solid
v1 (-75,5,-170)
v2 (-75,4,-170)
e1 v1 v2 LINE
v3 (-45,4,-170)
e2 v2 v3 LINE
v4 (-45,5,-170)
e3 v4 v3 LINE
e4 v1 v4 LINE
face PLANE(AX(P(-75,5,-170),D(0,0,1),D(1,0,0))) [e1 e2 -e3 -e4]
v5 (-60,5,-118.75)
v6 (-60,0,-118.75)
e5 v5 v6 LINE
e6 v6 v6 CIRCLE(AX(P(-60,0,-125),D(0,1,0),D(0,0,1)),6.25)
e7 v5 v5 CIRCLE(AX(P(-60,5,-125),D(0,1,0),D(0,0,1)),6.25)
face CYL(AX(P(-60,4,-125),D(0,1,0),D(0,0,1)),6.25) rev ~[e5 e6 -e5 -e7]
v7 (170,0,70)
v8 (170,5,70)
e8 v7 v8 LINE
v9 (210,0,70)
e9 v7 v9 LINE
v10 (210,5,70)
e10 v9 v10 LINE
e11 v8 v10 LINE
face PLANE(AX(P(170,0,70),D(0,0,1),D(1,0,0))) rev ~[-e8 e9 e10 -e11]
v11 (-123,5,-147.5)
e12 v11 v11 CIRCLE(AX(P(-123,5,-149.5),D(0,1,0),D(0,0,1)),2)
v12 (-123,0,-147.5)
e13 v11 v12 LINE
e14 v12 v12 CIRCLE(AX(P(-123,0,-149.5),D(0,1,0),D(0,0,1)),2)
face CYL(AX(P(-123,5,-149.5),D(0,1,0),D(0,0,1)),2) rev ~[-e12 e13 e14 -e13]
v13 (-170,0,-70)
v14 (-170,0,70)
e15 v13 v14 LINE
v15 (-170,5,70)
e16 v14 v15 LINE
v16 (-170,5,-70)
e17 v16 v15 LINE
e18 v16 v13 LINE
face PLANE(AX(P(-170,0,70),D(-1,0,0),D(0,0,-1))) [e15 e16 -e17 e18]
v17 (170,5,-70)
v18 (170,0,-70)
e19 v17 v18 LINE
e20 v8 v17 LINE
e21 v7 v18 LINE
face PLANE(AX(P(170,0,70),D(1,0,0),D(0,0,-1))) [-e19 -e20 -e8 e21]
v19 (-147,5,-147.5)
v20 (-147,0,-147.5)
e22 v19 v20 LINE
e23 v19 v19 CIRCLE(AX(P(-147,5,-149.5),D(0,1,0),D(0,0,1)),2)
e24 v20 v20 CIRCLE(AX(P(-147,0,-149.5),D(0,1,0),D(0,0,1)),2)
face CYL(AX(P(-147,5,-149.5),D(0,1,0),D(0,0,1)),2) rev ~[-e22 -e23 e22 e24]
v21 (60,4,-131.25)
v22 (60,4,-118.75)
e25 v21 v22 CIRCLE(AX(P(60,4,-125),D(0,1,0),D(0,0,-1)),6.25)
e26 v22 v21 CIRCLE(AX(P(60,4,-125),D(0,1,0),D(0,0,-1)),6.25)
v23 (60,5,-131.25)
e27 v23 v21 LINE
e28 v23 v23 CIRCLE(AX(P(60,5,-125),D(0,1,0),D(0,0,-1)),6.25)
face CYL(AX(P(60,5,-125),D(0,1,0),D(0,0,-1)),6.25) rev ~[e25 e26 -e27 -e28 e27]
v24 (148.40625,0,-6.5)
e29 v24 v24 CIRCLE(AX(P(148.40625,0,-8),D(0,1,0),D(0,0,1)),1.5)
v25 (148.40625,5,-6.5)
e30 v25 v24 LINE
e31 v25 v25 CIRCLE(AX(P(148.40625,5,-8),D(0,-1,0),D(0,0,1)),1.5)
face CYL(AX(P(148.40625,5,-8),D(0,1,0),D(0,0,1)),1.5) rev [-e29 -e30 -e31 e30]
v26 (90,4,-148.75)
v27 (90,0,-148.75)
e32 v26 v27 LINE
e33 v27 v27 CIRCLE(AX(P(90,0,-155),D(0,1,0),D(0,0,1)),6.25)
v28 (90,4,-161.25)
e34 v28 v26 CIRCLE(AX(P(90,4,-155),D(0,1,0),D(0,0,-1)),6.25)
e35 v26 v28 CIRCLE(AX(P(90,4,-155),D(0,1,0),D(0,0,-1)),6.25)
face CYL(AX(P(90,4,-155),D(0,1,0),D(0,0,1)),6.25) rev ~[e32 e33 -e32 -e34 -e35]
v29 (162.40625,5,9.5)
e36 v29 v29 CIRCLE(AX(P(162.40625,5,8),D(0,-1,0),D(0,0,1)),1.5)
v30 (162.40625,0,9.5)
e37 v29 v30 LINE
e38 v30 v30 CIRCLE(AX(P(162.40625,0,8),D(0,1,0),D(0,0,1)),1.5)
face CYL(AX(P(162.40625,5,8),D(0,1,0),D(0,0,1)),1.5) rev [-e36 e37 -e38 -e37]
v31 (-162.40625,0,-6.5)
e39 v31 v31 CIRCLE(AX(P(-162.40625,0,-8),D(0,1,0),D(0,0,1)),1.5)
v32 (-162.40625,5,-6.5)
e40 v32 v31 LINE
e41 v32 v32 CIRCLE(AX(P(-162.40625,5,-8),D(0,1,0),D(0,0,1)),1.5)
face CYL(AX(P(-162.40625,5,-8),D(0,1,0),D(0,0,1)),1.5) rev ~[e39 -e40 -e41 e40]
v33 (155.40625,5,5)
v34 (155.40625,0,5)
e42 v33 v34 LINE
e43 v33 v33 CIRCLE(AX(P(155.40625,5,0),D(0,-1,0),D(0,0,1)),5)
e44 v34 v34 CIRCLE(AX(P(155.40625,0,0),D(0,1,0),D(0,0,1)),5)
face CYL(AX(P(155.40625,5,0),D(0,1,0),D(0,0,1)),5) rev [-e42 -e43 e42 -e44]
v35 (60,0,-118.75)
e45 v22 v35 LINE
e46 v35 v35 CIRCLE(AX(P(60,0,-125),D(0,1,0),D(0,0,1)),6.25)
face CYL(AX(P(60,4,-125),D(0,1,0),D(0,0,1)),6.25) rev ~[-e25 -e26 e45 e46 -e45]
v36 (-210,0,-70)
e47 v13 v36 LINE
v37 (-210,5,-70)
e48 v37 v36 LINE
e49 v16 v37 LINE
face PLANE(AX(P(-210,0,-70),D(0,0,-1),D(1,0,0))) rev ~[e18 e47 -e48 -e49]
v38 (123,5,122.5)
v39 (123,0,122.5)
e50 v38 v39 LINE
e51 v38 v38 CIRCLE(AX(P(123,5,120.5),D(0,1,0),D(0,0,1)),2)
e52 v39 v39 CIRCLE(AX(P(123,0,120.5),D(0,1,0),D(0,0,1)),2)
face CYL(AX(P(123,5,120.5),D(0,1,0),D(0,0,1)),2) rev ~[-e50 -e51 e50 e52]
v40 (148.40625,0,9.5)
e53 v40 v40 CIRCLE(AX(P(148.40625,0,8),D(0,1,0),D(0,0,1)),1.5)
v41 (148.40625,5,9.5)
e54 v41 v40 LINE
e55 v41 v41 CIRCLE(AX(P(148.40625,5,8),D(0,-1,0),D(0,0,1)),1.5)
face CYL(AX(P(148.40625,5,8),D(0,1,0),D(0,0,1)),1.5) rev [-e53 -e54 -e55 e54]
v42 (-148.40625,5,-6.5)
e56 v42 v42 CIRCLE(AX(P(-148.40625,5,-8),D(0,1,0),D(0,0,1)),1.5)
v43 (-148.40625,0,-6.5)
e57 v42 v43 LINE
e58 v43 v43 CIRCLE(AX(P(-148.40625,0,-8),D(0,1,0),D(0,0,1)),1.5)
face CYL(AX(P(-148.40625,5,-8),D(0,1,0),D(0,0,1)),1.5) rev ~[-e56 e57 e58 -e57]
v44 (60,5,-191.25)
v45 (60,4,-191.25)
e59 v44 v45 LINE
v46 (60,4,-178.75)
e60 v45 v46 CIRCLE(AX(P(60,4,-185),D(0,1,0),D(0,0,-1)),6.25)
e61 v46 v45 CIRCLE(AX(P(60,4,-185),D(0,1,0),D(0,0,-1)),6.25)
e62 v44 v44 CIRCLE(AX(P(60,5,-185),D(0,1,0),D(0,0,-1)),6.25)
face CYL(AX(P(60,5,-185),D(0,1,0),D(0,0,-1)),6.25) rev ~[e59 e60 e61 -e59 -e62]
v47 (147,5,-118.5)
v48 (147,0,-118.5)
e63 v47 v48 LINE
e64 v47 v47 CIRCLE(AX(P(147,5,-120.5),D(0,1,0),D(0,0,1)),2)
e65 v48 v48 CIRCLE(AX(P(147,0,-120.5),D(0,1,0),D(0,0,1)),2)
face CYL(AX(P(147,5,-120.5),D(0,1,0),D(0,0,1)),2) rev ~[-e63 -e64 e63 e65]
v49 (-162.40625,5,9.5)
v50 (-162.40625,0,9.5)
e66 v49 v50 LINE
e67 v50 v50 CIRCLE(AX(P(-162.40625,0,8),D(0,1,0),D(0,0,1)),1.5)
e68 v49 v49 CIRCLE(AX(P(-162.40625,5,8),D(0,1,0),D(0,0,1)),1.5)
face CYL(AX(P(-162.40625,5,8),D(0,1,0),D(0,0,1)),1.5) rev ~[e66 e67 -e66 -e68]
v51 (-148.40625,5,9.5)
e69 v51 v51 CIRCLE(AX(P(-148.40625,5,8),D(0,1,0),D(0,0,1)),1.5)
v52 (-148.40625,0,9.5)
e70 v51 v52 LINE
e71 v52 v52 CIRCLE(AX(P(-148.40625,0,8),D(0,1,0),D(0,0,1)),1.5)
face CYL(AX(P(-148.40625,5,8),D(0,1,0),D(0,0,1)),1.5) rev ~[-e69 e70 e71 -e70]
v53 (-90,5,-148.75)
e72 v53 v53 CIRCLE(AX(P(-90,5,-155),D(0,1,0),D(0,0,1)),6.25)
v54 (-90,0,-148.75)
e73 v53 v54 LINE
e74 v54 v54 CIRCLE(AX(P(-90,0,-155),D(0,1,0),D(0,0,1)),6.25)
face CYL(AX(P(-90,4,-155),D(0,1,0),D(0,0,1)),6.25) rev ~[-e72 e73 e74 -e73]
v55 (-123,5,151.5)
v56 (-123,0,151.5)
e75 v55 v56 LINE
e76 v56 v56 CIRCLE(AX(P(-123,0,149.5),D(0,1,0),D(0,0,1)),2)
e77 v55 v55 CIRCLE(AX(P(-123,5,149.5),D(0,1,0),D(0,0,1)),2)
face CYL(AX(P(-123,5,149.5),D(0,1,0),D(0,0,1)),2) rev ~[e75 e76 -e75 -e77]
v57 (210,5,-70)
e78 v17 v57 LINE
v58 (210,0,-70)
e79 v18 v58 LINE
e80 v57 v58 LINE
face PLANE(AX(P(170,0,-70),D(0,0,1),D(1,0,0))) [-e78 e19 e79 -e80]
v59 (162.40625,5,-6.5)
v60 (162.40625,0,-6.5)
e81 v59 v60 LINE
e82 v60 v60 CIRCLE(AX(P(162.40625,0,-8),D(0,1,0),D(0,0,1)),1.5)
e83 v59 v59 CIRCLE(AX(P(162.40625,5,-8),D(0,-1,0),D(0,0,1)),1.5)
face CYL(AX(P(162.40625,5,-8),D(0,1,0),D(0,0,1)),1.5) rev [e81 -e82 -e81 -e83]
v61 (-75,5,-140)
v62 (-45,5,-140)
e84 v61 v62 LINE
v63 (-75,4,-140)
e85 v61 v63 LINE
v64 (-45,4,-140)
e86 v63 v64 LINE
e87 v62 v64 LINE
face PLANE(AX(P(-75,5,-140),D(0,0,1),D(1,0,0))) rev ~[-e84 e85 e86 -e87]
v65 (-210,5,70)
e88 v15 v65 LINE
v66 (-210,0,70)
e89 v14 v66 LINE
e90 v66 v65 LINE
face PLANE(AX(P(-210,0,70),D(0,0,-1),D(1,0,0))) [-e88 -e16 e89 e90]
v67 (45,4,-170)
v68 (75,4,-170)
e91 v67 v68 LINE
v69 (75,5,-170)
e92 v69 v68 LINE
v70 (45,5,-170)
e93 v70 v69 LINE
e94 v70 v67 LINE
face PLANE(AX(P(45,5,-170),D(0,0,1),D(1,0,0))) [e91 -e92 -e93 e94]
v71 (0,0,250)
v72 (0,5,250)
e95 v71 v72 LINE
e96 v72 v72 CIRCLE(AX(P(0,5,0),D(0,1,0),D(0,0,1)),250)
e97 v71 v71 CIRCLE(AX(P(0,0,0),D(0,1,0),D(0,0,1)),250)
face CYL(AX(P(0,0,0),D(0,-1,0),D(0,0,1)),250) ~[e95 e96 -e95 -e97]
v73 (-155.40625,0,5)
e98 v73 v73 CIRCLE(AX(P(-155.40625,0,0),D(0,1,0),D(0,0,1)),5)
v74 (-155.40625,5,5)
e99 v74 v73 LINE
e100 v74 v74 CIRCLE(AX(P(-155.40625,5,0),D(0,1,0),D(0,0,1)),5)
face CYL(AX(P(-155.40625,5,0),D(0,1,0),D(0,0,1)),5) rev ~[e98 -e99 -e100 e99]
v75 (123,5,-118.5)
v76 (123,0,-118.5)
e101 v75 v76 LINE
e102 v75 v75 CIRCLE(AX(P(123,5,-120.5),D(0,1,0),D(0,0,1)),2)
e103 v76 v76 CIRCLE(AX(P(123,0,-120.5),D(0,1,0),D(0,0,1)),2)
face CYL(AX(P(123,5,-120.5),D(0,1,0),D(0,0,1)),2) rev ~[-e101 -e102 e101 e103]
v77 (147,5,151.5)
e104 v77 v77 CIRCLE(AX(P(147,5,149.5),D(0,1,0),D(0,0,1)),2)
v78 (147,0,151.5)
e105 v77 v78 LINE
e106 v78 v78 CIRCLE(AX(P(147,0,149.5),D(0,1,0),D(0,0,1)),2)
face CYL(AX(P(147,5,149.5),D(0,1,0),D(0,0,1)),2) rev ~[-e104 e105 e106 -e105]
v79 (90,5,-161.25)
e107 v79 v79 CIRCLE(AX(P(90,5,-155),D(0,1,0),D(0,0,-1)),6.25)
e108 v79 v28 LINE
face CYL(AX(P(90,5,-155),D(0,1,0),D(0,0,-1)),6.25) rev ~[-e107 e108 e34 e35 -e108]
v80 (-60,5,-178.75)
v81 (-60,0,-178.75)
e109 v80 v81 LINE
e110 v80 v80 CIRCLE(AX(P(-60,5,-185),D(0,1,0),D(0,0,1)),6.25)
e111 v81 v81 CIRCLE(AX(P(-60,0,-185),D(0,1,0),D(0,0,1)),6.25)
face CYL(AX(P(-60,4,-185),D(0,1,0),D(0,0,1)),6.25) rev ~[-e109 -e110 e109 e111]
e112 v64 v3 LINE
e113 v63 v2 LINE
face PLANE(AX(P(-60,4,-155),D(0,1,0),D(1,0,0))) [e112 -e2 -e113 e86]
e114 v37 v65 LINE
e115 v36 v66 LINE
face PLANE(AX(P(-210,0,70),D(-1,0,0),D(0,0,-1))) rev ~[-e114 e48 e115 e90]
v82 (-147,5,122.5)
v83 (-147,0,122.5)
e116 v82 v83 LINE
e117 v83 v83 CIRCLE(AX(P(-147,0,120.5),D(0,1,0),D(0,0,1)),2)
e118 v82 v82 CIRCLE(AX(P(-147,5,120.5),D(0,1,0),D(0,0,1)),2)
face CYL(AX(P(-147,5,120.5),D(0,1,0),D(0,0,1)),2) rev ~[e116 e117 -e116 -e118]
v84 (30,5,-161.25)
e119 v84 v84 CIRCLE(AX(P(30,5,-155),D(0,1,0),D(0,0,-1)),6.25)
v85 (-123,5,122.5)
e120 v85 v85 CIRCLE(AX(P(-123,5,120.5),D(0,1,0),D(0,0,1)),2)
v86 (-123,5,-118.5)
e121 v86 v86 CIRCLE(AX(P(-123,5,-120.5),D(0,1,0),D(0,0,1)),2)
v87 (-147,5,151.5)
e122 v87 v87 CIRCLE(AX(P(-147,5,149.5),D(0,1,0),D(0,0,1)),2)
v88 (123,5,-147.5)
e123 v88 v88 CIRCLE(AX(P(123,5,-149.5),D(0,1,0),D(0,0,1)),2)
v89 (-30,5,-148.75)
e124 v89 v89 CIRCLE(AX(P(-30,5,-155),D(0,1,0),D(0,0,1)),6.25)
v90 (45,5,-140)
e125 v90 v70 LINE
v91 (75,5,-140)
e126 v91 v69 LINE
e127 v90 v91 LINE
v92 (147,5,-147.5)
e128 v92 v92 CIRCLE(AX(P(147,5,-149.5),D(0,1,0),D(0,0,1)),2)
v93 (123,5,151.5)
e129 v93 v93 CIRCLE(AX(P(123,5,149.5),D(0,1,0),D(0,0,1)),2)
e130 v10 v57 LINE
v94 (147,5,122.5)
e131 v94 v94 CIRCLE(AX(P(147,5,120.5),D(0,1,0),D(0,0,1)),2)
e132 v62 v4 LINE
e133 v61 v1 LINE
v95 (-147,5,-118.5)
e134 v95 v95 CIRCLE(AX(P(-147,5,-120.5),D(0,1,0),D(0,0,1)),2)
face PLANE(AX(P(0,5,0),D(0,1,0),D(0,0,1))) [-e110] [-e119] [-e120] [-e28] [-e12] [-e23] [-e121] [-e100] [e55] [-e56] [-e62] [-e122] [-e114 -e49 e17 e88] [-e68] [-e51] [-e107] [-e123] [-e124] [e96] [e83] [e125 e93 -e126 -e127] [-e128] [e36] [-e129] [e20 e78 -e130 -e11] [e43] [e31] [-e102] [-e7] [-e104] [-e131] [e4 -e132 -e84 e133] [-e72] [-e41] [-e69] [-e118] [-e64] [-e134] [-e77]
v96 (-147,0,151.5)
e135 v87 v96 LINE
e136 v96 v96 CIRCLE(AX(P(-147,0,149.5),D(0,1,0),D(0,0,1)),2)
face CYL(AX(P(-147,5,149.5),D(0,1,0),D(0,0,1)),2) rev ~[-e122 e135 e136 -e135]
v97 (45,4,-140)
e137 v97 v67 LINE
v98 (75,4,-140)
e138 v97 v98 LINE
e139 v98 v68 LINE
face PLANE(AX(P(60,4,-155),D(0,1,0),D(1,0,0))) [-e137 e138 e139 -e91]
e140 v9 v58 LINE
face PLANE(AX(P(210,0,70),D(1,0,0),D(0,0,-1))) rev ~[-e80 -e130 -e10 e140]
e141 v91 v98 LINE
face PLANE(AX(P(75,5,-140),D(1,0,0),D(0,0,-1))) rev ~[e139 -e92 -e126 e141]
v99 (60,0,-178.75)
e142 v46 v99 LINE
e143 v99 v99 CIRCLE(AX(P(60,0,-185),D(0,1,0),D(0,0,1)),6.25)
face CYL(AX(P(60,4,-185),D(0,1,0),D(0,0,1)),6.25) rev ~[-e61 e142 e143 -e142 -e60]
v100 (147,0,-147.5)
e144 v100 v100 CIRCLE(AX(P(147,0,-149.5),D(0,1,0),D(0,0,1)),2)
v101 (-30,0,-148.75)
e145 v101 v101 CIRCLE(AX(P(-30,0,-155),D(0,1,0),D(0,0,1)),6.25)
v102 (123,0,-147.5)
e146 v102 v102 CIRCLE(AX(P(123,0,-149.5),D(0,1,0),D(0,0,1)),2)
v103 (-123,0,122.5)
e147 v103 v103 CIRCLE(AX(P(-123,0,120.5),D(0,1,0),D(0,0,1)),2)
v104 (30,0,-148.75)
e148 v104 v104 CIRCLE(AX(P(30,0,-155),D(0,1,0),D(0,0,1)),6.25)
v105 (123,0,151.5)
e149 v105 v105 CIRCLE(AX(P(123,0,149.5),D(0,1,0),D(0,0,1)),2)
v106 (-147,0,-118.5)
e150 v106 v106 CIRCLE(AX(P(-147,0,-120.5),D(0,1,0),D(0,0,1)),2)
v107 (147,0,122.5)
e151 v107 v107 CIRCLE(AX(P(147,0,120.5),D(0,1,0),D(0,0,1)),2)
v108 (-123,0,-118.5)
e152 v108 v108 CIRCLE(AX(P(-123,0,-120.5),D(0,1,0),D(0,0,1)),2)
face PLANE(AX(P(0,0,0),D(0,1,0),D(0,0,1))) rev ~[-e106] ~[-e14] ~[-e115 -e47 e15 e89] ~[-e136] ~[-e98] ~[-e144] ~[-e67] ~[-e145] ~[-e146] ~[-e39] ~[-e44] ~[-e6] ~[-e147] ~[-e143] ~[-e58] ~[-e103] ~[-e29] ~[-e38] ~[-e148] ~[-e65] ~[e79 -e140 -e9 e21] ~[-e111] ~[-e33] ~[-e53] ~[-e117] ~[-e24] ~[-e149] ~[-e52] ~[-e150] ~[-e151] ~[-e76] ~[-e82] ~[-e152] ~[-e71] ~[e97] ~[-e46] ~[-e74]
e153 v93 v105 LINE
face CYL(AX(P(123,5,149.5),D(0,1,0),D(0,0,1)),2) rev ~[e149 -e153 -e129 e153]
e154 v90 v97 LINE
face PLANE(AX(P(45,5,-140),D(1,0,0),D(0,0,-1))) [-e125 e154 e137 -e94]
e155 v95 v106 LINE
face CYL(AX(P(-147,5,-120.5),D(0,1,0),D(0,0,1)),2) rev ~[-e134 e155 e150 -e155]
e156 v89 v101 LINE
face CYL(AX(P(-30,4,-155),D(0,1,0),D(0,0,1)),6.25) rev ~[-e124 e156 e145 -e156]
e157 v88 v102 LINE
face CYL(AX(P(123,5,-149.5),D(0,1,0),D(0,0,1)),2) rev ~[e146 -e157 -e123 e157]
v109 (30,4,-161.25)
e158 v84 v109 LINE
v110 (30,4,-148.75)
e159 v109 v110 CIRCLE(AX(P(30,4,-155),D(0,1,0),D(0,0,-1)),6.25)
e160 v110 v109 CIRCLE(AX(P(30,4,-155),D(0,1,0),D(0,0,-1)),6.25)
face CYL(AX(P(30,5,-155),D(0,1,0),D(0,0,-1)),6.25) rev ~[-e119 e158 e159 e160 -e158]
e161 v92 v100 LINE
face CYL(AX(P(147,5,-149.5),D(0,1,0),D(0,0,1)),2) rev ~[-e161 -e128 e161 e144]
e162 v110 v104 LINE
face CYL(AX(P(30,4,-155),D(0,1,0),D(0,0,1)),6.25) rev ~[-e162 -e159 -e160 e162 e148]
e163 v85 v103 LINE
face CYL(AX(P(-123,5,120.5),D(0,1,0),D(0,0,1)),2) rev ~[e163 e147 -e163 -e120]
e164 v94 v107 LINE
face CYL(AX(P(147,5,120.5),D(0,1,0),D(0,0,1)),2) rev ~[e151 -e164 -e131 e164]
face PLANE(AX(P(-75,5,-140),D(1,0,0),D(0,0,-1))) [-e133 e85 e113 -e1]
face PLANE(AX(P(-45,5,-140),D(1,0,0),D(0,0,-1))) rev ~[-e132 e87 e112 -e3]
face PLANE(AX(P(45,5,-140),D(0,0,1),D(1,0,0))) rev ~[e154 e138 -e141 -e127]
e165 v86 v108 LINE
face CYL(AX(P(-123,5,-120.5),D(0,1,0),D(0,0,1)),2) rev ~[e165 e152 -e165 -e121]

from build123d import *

# Parameters (mm, degrees)
SKETCH1_R                                 = 250
BOSS_EXTRUDE1_CICLE_BODY_DEPTH            = 5
SKETCH3_W                                 = 40
SKETCH3_H                                 = 140
CUT_DRIVE_WHEEL_DEPTH                     = 50
SKETCH5_R                                 = 1.5
SKETCH5_R_2                               = 5
CUT_DRIVE_WHEEL_FIXATION_DEPTH            = 10
SKETCH6_R                                 = 2
CUT_EXTRUDE_CASTER_WHEEEL_CUT_DEPTH       = 10
SKETCH7_R                                 = 6.25
SKETCH7_W                                 = 30
SKETCH7_H                                 = 30
CUT_EXTRUDE_EXTRUSION_FIXATION_BASE_DEPTH = 1
SKETCH9_R                                 = 6.25
CUT_EXTRUDE_1_25_BRACKET_HOLES_DEPTH      = 71


with BuildPart() as part:
    # Sketch1 → Boss-Extrude1_cicle body (new body)
    with BuildSketch(Plane(origin=(0, 0, 0), x_dir=(1, 0, 0), z_dir=(0, 1, 0))):
        with Locations(Location((0, 0, 0), (0, 0, 270))):
            Circle(SKETCH1_R)
    extrude(amount=BOSS_EXTRUDE1_CICLE_BODY_DEPTH)

    # Sketch3 → Cut-drive wheel (cut, symmetric)
    with BuildSketch(Plane(origin=(0, 0, 0), x_dir=(1, 0, 0), z_dir=(0, 1, 0))):
        with Locations((-190, 0)):
            Rectangle(SKETCH3_W, SKETCH3_H)
        with Locations((190, 0)):
            Rectangle(SKETCH3_W, SKETCH3_H)
    extrude(amount=CUT_DRIVE_WHEEL_DEPTH, both=True, mode=Mode.SUBTRACT)

    # Sketch5 → Cut- drive wheel_fixation (cut)
    with BuildSketch(Plane(origin=(0, 5, 0), x_dir=(1, 0, 0), z_dir=(0, 1, 0))):
        with Locations(Location((-162.40625, -8, 0), (0, 0, 270))):
            Circle(SKETCH5_R)
        with Locations(Location((-148.40625, 8, 0), (0, 0, 270))):
            Circle(SKETCH5_R)
        with Locations(Location((-155.40625, 0, 0), (0, 0, 270))):
            Circle(SKETCH5_R_2)
        with Locations(Location((-148.40625, -8, 0), (0, 0, 270))):
            Circle(SKETCH5_R)
        with Locations(Location((-162.40625, 8, 0), (0, 0, 270))):
            Circle(SKETCH5_R)
    cut_drive_wheel_fixation = extrude(amount=-CUT_DRIVE_WHEEL_FIXATION_DEPTH, mode=Mode.SUBTRACT)

    # Mirror-drive wheel: Cut- drive wheel_fixation across plane
    add(cut_drive_wheel_fixation.mirror(Plane(origin=(0, 0, 0), x_dir=(0, 0, 1), z_dir=(1, 0, 0))), mode=Mode.SUBTRACT)

    # Sketch6 → Cut-Extrude_caster_wheeel_cut (cut)
    with BuildSketch(Plane(origin=(0, 5, 0), x_dir=(1, 0, 0), z_dir=(0, 1, 0))):
        with Locations(Location((-123, 149.5, 0), (0, 0, 270))):
            Circle(SKETCH6_R)
        with Locations(Location((-147, 149.5, 0), (0, 0, 270))):
            Circle(SKETCH6_R)
        with Locations(Location((-147, 120.5, 0), (0, 0, 270))):
            Circle(SKETCH6_R)
        with Locations(Location((-123, 120.5, 0), (0, 0, 270))):
            Circle(SKETCH6_R)
        with Locations(Location((123, 149.5, 0), (0, 0, 270))):
            Circle(SKETCH6_R)
        with Locations(Location((147, 149.5, 0), (0, 0, 270))):
            Circle(SKETCH6_R)
        with Locations(Location((147, 120.5, 0), (0, 0, 270))):
            Circle(SKETCH6_R)
        with Locations(Location((123, 120.5, 0), (0, 0, 270))):
            Circle(SKETCH6_R)
        with Locations(Location((123, -149.5, 0), (0, 0, 270))):
            Circle(SKETCH6_R)
        with Locations(Location((123, -120.5, 0), (0, 0, 270))):
            Circle(SKETCH6_R)
        with Locations(Location((147, -149.5, 0), (0, 0, 270))):
            Circle(SKETCH6_R)
        with Locations(Location((147, -120.5, 0), (0, 0, 270))):
            Circle(SKETCH6_R)
        with Locations(Location((-123, -120.5, 0), (0, 0, 270))):
            Circle(SKETCH6_R)
        with Locations(Location((-147, -120.5, 0), (0, 0, 270))):
            Circle(SKETCH6_R)
        with Locations(Location((-147, -149.5, 0), (0, 0, 270))):
            Circle(SKETCH6_R)
        with Locations(Location((-123, -149.5, 0), (0, 0, 270))):
            Circle(SKETCH6_R)
    extrude(amount=-CUT_EXTRUDE_CASTER_WHEEEL_CUT_DEPTH, mode=Mode.SUBTRACT)

    # Sketch7 → Cut-Extrude__extrusion_fixation_base (cut)
    with BuildSketch(Plane(origin=(0, 5, 0), x_dir=(1, 0, 0), z_dir=(0, 1, 0))):
        with Locations(Location((-90, 155, 0), (0, 0, 270))):
            Circle(SKETCH7_R)
        with Locations(Location((-60, 185, 0), (0, 0, 270))):
            Circle(SKETCH7_R)
        with Locations(Location((-30, 155, 0), (0, 0, 270))):
            Circle(SKETCH7_R)
        with Locations(Location((-60, 125, 0), (0, 0, 270))):
            Circle(SKETCH7_R)
        with Locations(Location((90, 155, 0), (0, 0, 90))):
            Circle(SKETCH7_R)
        with Locations(Location((60, 125, 0), (0, 0, 90))):
            Circle(SKETCH7_R)
        with Locations(Location((30, 155, 0), (0, 0, 90))):
            Circle(SKETCH7_R)
        with Locations(Location((60, 185, 0), (0, 0, 90))):
            Circle(SKETCH7_R)
        with Locations((60, 155)):
            Rectangle(SKETCH7_W, SKETCH7_H)
        with Locations((-60, 155)):
            Rectangle(SKETCH7_W, SKETCH7_H)
    extrude(amount=-CUT_EXTRUDE_EXTRUSION_FIXATION_BASE_DEPTH, mode=Mode.SUBTRACT)

    # Sketch9 → Cut-Extrude_1.25 bracket holes (cut)
    with BuildSketch(Plane(origin=(0, 4, 0), x_dir=(1, 0, 0), z_dir=(0, 1, 0))):
        with Locations(Location((-60, 185, 0), (0, 0, 270))):
            Circle(SKETCH9_R)
        with Locations(Location((-30, 155, 0), (0, 0, 270))):
            Circle(SKETCH9_R)
        with Locations(Location((-90, 155, 0), (0, 0, 270))):
            Circle(SKETCH9_R)
        with Locations(Location((-60, 125, 0), (0, 0, 270))):
            Circle(SKETCH9_R)
        with Locations(Location((60, 185, 0), (0, 0, 270))):
            Circle(SKETCH9_R)
        with Locations(Location((30, 155, 0), (0, 0, 270))):
            Circle(SKETCH9_R)
        with Locations(Location((60, 125, 0), (0, 0, 270))):
            Circle(SKETCH9_R)
        with Locations(Location((90, 155, 0), (0, 0, 270))):
            Circle(SKETCH9_R)
    extrude(amount=-CUT_EXTRUDE_1_25_BRACKET_HOLES_DEPTH, mode=Mode.SUBTRACT)


solid = part.part
